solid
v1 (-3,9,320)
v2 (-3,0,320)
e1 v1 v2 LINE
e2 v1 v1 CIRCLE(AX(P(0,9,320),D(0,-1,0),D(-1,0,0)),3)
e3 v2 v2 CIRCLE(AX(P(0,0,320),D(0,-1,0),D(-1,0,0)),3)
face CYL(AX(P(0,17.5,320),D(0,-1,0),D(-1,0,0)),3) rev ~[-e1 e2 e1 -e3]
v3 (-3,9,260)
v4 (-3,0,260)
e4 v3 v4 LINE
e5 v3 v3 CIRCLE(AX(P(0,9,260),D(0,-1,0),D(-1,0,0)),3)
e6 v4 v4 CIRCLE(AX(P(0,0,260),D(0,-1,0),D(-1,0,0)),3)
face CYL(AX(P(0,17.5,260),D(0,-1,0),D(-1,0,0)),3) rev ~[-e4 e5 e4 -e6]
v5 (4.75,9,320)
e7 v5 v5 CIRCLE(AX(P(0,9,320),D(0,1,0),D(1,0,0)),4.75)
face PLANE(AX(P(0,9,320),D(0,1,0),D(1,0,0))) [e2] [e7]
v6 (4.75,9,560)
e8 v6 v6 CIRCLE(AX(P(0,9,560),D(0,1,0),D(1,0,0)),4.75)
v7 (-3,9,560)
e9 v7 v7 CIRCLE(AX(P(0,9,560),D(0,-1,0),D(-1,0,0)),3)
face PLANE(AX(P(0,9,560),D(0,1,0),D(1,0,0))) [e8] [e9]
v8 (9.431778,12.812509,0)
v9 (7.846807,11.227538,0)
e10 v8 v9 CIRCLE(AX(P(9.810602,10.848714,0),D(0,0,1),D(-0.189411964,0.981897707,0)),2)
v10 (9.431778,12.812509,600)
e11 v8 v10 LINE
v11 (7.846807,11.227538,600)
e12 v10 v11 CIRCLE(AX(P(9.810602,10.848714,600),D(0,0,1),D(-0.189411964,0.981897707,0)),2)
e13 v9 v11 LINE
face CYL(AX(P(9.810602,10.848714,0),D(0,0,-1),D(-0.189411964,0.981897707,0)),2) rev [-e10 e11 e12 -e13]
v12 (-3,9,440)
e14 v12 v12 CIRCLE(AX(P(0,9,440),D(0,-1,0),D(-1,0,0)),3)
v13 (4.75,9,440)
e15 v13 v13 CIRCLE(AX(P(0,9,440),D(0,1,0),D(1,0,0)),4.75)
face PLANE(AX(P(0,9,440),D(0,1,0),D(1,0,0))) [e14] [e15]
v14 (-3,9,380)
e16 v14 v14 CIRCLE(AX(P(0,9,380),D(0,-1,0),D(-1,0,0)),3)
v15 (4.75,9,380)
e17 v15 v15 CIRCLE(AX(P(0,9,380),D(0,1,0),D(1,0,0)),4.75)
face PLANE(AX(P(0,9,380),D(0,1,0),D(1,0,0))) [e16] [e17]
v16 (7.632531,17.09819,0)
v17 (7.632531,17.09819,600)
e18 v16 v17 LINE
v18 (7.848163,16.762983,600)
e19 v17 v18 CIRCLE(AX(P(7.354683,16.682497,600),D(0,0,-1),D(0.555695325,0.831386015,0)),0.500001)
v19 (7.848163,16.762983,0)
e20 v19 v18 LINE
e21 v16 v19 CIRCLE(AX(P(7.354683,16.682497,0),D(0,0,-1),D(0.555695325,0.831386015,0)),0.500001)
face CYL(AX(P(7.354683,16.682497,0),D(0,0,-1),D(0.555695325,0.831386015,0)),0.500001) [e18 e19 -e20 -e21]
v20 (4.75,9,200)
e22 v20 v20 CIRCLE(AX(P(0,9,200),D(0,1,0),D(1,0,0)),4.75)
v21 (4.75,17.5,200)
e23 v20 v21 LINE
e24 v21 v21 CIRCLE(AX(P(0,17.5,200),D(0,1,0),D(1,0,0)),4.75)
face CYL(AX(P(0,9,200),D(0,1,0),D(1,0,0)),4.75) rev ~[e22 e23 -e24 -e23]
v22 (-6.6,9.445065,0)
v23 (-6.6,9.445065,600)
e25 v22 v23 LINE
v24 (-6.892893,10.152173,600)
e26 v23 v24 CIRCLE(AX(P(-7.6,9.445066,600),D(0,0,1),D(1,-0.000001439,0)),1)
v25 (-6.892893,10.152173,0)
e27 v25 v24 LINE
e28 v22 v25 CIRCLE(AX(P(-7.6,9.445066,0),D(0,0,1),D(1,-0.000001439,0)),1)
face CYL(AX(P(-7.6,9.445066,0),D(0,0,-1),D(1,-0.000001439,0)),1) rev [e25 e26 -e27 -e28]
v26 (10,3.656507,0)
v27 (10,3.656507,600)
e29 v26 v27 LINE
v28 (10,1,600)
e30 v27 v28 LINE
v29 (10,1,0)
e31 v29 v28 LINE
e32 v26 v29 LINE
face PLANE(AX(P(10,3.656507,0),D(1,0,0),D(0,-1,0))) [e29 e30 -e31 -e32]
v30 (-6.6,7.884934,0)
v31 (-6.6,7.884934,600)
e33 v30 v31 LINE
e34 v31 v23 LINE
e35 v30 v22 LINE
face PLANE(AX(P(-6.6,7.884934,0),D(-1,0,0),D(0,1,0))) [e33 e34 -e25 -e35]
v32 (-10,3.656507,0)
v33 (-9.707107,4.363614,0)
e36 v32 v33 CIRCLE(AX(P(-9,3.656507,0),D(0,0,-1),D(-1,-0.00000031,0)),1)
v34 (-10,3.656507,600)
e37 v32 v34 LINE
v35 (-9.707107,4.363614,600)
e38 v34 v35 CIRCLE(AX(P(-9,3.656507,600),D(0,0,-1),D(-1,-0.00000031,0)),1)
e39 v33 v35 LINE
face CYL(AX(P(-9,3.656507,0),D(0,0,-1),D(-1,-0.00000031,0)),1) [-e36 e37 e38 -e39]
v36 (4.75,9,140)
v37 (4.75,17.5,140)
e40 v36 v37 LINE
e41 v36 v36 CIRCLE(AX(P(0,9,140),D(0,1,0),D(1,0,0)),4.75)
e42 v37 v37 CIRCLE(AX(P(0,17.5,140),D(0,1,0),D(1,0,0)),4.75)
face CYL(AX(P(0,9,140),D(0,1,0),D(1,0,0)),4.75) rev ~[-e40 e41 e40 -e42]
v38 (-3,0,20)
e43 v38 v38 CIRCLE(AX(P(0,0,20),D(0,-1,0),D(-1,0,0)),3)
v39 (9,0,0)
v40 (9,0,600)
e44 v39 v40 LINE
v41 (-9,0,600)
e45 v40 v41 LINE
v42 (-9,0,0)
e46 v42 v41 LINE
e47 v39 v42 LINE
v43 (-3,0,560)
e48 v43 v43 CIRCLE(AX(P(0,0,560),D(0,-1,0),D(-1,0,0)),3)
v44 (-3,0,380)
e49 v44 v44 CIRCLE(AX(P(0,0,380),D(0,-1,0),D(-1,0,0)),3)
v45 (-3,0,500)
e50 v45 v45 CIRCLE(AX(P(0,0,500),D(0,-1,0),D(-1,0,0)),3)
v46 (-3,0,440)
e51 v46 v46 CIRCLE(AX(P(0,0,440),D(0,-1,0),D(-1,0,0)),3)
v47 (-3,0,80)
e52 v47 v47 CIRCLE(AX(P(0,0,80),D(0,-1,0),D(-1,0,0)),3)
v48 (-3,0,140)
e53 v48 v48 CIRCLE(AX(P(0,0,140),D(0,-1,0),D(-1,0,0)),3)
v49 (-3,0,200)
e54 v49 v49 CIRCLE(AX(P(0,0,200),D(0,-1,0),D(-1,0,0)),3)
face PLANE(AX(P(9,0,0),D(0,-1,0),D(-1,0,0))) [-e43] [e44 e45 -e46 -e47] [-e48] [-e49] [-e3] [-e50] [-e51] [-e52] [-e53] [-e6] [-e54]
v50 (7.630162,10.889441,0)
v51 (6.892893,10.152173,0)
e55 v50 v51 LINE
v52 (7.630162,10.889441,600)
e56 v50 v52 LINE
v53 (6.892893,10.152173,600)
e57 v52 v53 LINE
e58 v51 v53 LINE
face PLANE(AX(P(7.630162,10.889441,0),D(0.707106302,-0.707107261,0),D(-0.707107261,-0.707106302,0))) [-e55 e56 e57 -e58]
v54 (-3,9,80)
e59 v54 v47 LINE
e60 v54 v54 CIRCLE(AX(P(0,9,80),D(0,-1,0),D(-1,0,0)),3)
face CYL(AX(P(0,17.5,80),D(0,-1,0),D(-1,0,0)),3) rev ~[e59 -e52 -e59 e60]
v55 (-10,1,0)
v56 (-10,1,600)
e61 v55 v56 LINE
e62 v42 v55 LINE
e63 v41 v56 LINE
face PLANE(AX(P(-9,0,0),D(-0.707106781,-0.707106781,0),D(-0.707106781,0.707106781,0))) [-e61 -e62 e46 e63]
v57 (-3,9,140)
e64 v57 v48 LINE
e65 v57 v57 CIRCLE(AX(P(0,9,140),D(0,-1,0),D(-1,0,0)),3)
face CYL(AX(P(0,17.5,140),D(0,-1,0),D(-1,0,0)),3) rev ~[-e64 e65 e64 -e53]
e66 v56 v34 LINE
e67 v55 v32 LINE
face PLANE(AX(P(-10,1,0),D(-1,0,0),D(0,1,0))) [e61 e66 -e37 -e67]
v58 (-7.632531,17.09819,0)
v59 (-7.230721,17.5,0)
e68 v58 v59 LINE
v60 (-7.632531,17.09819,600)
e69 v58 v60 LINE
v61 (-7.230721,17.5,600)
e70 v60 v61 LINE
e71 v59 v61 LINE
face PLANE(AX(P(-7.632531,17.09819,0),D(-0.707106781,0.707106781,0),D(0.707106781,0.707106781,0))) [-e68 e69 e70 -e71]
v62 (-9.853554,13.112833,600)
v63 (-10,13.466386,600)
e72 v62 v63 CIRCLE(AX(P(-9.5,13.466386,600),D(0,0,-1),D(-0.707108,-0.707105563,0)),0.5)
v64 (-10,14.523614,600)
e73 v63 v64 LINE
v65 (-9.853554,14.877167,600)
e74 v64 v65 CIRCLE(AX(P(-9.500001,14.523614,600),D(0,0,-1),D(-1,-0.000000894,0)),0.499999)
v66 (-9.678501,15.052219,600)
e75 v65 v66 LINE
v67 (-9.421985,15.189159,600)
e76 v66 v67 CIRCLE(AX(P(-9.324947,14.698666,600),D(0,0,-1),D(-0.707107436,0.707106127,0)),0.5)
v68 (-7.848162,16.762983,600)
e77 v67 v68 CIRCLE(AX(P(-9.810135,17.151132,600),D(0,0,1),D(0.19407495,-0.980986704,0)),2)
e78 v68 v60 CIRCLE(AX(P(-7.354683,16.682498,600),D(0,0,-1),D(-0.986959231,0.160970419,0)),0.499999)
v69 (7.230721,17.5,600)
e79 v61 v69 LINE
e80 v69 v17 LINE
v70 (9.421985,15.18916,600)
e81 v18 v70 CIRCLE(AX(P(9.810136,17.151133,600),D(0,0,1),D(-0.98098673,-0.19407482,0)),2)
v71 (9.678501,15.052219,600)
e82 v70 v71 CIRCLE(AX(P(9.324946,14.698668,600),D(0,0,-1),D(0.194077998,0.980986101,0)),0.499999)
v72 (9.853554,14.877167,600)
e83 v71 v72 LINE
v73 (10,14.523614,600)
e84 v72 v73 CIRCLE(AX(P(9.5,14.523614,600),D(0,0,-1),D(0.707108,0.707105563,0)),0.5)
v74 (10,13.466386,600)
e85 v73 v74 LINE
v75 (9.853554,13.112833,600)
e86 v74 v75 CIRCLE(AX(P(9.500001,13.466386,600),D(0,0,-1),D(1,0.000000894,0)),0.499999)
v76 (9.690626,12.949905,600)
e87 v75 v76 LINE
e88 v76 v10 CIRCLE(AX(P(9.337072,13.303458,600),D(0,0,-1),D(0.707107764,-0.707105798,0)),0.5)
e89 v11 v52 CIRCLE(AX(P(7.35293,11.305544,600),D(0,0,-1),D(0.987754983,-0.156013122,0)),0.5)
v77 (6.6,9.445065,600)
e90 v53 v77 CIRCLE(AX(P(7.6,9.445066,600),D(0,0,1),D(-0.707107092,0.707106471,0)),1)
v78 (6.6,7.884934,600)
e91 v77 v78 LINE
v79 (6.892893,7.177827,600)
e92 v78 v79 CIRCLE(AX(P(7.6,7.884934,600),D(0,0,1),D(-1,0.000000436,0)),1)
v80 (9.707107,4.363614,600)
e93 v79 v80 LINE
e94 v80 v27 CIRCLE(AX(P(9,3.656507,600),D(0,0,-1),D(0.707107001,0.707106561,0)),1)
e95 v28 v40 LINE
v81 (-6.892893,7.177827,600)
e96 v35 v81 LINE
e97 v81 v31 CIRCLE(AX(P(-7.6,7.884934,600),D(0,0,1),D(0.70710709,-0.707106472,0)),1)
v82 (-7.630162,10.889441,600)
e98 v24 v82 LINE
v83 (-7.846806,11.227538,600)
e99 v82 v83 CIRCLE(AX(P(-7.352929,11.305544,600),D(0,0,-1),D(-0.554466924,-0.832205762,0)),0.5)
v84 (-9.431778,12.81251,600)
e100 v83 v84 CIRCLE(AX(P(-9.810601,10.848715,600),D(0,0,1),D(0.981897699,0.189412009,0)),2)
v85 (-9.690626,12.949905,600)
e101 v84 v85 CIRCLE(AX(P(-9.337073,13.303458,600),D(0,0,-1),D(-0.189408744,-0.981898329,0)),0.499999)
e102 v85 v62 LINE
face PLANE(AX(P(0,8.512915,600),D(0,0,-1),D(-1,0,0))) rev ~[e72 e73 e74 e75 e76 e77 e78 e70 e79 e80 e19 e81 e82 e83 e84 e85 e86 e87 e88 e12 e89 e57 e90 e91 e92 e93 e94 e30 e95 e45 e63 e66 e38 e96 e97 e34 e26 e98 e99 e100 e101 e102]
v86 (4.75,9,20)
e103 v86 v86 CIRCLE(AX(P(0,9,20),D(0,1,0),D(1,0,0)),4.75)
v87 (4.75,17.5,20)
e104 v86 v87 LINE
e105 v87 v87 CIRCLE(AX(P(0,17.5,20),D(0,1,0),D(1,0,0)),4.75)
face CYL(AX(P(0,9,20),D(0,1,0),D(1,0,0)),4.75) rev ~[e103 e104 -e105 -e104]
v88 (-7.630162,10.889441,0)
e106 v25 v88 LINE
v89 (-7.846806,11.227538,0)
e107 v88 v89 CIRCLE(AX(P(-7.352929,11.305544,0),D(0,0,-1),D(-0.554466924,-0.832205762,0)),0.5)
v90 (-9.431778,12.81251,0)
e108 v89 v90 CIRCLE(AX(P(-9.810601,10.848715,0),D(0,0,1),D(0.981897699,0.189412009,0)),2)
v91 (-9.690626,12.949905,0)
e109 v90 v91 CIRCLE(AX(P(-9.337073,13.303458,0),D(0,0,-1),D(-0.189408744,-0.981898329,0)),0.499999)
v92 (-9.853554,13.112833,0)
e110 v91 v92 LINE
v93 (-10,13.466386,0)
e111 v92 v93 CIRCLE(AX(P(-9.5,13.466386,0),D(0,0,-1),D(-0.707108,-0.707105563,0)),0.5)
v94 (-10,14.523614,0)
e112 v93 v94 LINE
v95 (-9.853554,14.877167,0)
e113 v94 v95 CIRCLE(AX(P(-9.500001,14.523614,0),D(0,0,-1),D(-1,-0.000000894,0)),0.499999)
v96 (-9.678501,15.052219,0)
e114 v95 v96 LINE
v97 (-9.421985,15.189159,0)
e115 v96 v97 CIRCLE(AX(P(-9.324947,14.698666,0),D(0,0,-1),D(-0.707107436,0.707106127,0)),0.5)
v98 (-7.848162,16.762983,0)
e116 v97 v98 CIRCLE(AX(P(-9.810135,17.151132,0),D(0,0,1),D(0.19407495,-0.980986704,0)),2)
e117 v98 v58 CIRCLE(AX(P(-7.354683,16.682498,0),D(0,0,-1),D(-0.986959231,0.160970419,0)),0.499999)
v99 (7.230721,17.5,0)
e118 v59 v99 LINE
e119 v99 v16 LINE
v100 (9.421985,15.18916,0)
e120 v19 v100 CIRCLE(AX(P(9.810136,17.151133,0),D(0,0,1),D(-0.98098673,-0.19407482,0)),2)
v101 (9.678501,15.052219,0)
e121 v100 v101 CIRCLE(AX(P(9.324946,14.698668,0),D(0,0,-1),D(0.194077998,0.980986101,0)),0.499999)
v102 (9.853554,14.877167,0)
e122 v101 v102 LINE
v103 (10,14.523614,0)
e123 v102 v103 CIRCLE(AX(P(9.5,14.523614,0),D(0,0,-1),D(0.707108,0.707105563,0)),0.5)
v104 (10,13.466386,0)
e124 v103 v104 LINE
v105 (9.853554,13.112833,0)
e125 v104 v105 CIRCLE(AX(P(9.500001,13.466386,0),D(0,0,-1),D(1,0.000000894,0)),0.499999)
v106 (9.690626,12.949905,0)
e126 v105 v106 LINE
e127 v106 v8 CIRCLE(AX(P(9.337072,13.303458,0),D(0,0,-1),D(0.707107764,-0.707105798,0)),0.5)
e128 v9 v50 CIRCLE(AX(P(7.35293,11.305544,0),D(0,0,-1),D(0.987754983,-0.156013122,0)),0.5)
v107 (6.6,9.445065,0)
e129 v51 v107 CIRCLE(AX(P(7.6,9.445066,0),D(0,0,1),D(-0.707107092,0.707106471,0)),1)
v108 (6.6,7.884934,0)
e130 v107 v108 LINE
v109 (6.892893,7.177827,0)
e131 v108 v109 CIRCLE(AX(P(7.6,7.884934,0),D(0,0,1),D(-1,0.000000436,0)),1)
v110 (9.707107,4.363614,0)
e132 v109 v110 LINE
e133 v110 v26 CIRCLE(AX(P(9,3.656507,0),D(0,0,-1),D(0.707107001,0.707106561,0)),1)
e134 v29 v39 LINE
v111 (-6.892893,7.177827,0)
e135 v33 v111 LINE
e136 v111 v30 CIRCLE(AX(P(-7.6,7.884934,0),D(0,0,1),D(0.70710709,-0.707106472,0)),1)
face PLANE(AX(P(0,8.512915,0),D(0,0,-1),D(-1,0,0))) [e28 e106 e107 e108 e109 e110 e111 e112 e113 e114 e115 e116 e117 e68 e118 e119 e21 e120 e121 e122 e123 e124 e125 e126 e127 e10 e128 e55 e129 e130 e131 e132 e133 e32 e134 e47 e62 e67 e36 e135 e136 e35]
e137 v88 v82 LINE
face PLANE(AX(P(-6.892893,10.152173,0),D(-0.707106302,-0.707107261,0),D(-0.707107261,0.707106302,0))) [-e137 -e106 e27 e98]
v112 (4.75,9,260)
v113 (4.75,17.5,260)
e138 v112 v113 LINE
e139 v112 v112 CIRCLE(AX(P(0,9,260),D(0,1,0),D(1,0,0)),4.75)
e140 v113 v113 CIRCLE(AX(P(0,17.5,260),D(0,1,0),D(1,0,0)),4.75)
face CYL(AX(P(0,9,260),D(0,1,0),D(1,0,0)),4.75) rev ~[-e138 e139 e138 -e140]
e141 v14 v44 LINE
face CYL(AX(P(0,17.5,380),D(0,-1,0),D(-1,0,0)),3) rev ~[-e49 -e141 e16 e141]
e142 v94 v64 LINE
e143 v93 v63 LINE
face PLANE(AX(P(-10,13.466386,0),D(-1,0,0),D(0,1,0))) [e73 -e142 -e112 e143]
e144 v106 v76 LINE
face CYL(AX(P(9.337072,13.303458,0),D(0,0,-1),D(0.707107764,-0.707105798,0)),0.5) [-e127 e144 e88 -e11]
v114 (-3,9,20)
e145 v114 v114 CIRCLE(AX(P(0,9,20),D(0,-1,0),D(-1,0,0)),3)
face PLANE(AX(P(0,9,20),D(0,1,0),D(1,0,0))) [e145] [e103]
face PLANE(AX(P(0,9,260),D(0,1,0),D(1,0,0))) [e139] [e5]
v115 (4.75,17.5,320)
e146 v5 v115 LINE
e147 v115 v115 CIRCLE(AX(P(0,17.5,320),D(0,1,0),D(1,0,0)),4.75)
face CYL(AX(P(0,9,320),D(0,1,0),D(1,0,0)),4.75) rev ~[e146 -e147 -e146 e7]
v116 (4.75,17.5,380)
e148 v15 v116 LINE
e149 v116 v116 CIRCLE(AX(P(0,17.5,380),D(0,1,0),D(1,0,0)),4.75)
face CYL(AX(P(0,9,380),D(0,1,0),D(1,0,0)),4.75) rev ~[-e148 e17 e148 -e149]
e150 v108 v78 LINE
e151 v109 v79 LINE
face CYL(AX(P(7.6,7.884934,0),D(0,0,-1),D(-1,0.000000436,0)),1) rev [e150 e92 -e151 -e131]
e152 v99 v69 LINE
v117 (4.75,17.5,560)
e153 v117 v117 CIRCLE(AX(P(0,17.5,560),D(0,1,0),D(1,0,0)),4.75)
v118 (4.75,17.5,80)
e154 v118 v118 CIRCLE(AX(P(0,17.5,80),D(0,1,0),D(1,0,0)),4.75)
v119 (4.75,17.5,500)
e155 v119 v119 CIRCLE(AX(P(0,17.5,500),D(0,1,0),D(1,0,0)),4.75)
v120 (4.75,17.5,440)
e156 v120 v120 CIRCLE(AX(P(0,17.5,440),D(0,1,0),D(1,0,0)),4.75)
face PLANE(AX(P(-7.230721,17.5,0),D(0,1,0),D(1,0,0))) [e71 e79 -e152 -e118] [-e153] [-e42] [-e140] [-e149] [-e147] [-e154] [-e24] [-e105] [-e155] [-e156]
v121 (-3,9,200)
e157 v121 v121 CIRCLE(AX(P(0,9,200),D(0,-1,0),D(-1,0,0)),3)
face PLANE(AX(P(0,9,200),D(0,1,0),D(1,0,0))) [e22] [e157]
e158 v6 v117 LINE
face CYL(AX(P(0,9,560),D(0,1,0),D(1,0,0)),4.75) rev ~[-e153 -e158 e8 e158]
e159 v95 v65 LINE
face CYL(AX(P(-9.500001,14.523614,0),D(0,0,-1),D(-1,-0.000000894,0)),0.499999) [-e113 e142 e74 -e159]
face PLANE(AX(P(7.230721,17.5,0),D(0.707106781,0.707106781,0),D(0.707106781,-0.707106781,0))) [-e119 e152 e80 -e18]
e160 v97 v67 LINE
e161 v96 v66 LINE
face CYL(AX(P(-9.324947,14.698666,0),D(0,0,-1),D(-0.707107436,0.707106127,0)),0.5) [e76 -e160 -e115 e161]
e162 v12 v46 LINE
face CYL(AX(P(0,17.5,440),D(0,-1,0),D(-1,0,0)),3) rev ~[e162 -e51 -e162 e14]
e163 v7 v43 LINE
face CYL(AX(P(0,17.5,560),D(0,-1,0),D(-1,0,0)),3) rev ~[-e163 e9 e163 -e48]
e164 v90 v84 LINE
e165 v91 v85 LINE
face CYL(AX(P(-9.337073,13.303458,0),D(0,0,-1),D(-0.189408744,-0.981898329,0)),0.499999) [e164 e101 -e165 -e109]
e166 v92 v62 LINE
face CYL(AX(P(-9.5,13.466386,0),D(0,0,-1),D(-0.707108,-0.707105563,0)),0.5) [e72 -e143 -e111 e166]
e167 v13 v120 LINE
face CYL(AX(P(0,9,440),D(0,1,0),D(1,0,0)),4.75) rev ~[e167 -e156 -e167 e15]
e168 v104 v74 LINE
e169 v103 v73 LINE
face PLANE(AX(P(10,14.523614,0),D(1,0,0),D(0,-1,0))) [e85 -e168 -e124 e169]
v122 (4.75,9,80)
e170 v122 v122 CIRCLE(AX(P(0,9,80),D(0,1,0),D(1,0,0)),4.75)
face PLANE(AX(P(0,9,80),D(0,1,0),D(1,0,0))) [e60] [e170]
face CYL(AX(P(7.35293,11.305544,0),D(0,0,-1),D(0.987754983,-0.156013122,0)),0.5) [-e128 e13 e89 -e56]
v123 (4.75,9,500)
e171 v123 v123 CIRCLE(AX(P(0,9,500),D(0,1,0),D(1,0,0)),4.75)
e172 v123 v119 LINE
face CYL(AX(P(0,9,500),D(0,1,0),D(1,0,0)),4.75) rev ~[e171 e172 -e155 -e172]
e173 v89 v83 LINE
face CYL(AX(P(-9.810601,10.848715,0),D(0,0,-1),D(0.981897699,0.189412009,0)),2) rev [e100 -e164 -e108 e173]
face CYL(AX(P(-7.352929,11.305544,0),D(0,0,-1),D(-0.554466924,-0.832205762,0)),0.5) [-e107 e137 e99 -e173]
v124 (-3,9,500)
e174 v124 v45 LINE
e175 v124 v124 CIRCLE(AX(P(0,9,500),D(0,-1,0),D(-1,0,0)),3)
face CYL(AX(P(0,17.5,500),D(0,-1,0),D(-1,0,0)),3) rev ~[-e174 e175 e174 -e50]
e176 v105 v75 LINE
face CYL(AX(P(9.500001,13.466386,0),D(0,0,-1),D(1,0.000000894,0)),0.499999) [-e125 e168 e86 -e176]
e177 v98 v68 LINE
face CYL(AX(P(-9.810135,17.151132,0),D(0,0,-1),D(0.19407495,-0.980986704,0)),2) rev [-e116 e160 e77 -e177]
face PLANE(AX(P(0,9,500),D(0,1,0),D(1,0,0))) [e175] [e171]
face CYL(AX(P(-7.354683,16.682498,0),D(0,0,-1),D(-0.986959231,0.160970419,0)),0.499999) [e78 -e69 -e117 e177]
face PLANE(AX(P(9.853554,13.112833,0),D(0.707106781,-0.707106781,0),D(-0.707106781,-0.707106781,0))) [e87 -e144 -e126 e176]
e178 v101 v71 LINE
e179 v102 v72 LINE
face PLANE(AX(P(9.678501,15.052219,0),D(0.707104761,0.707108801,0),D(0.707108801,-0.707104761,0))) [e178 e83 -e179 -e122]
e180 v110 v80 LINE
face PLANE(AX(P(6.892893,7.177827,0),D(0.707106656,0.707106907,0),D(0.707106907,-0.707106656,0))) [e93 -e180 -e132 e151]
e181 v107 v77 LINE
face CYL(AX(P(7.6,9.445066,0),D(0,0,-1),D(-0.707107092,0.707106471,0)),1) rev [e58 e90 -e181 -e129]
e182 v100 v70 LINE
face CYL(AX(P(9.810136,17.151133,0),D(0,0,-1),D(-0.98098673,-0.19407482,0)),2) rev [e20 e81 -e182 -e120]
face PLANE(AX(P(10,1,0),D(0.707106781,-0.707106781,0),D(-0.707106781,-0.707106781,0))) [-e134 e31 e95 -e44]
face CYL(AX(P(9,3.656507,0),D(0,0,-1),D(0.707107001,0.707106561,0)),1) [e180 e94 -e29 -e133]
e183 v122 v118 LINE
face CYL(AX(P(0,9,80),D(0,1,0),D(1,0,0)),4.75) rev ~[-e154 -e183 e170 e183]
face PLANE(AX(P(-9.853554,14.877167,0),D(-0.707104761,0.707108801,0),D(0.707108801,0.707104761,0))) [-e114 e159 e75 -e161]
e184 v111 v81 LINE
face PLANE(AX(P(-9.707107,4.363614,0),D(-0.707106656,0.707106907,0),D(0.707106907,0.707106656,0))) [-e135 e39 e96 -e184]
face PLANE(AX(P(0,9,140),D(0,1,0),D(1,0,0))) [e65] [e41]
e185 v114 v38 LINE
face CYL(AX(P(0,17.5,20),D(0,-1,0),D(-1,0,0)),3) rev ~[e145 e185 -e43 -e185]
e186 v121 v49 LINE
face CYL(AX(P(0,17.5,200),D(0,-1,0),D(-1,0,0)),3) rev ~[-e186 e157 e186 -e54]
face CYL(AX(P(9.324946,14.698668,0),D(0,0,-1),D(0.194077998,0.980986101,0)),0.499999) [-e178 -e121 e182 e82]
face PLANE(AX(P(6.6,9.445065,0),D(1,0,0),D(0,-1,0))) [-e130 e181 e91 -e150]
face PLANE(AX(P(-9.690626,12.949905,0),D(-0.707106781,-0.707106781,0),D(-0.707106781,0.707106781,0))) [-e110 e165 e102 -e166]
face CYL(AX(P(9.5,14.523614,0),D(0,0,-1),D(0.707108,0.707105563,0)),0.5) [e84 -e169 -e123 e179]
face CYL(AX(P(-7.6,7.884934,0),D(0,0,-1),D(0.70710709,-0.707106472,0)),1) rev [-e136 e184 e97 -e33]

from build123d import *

# Parameters (mm, degrees)
BOSS_EXTRUDE1_DEPTH                     = 600
CBORE_FOR_M5_HEX_HEAD_BOLT1_D           = 6
CBORE_FOR_M5_HEX_HEAD_BOLT1_CBORE_D     = 9.5
CBORE_FOR_M5_HEX_HEAD_BOLT1_CBORE_DEPTH = 8.5


with BuildPart() as part:
    # Model → Boss-Extrude1 (new body)
    with BuildSketch(Plane.XY):
        with BuildLine():
            Line((-9, 0), (-10, 1))
            Line((-10, 1), (-10, 3.656507))
            ThreePointArc((-10, 3.656507), (-9.923879652, 4.039190515), (-9.707107, 4.363614))
            Line((-9.707107, 4.363614), (-6.892893, 7.177827))
            ThreePointArc((-6.892893, 7.177827), (-6.676120348, 7.502250485), (-6.6, 7.884934))
            Line((-6.6, 7.884934), (-6.6, 9.445065))
            ThreePointArc((-6.6, 9.445065), (-6.676120133, 9.827749063), (-6.892893, 10.152173))
            Line((-6.892893, 10.152173), (-7.630162, 10.889441))
            ThreePointArc((-7.630162, 10.889441), (-7.773916111, 11.035785789), (-7.846806076, 11.22753848))
            ThreePointArc((-7.846806076, 11.22753848), (-8.396387934, 12.262927951), (-9.431777507, 12.812509617))
            ThreePointArc((-9.431777507, 12.812509617), (-9.571493724, 12.861817566), (-9.690626, 12.949905))
            Line((-9.690626, 12.949905), (-9.853554, 13.112833))
            ThreePointArc((-9.853554, 13.112833), (-9.961939973, 13.275044564), (-10, 13.466386))
            Line((-10, 13.466386), (-10, 14.523614))
            ThreePointArc((-10, 14.523614), (-9.961940015, 14.714955453), (-9.853554, 14.877167))
            Line((-9.853554, 14.877167), (-9.678501, 15.052219))
            ThreePointArc((-9.678501, 15.052219), (-9.560417777, 15.139748282), (-9.421985167, 15.189159165))
            ThreePointArc((-9.421985167, 15.189159165), (-8.395921393, 15.736919214), (-7.848161791, 16.762983227))
            ThreePointArc((-7.848161791, 16.762983227), (-7.775191189, 16.953001466), (-7.632531, 17.09819))
            Line((-7.632531, 17.09819), (-7.230721, 17.5))
            Line((-7.230721, 17.5), (7.230721, 17.5))
            Line((7.230721, 17.5), (7.632531, 17.09819))
            ThreePointArc((7.632531, 17.09819), (7.775191683, 16.953001656), (7.848162914, 16.762983433))
            ThreePointArc((7.848162914, 16.762983433), (8.395922282, 15.736920132), (9.421985254, 15.189160148))
            ThreePointArc((9.421985254, 15.189160148), (9.560417914, 15.139748806), (9.678501, 15.052219))
            Line((9.678501, 15.052219), (9.853554, 14.877167))
            ThreePointArc((9.853554, 14.877167), (9.961939973, 14.714955436), (10, 14.523614))
            Line((10, 14.523614), (10, 13.466386))
            ThreePointArc((10, 13.466386), (9.961940015, 13.275044547), (9.853554, 13.112833))
            Line((9.853554, 13.112833), (9.690626, 12.949905))
            ThreePointArc((9.690626, 12.949905), (9.571494062, 12.861817368), (9.431778146, 12.812509028))
            ThreePointArc((9.431778146, 12.812509028), (8.39638873, 12.262927298), (7.846806979, 11.227537892))
            ThreePointArc((7.846806979, 11.227537892), (7.77391648, 11.035785414), (7.630162, 10.889441))
            Line((7.630162, 10.889441), (6.892893, 10.152173))
            ThreePointArc((6.892893, 10.152173), (6.676120157, 9.827749053), (6.6, 9.445065))
            Line((6.6, 9.445065), (6.6, 7.884934))
            ThreePointArc((6.6, 7.884934), (6.676120325, 7.502250475), (6.892893, 7.177827))
            Line((6.892893, 7.177827), (9.707107, 4.363614))
            ThreePointArc((9.707107, 4.363614), (9.923879675, 4.039190525), (10, 3.656507))
            Line((10, 3.656507), (10, 1))
            Line((10, 1), (9, 0))
            Line((9, 0), (-9, 0))
        make_face()
    extrude(amount=BOSS_EXTRUDE1_DEPTH)

    # CBORE for M5 Hex Head Bolt1 (through all)
    with Locations(Plane(origin=(0, 17.5, 0), x_dir=(1, 0, 0), z_dir=(0, 1, 0))):
        with Locations((0, -20), (0, -80), (0, -140), (0, -200), (0, -260), (0, -320), (0, -380), (0, -440), (0, -500), (0, -560), (0, -620), (0, -680), (0, -740), (0, -800), (0, -860), (0, -920), (0, -980)):
            CounterBoreHole(CBORE_FOR_M5_HEX_HEAD_BOLT1_D / 2, CBORE_FOR_M5_HEX_HEAD_BOLT1_CBORE_D / 2, CBORE_FOR_M5_HEX_HEAD_BOLT1_CBORE_DEPTH)


solid = part.part
